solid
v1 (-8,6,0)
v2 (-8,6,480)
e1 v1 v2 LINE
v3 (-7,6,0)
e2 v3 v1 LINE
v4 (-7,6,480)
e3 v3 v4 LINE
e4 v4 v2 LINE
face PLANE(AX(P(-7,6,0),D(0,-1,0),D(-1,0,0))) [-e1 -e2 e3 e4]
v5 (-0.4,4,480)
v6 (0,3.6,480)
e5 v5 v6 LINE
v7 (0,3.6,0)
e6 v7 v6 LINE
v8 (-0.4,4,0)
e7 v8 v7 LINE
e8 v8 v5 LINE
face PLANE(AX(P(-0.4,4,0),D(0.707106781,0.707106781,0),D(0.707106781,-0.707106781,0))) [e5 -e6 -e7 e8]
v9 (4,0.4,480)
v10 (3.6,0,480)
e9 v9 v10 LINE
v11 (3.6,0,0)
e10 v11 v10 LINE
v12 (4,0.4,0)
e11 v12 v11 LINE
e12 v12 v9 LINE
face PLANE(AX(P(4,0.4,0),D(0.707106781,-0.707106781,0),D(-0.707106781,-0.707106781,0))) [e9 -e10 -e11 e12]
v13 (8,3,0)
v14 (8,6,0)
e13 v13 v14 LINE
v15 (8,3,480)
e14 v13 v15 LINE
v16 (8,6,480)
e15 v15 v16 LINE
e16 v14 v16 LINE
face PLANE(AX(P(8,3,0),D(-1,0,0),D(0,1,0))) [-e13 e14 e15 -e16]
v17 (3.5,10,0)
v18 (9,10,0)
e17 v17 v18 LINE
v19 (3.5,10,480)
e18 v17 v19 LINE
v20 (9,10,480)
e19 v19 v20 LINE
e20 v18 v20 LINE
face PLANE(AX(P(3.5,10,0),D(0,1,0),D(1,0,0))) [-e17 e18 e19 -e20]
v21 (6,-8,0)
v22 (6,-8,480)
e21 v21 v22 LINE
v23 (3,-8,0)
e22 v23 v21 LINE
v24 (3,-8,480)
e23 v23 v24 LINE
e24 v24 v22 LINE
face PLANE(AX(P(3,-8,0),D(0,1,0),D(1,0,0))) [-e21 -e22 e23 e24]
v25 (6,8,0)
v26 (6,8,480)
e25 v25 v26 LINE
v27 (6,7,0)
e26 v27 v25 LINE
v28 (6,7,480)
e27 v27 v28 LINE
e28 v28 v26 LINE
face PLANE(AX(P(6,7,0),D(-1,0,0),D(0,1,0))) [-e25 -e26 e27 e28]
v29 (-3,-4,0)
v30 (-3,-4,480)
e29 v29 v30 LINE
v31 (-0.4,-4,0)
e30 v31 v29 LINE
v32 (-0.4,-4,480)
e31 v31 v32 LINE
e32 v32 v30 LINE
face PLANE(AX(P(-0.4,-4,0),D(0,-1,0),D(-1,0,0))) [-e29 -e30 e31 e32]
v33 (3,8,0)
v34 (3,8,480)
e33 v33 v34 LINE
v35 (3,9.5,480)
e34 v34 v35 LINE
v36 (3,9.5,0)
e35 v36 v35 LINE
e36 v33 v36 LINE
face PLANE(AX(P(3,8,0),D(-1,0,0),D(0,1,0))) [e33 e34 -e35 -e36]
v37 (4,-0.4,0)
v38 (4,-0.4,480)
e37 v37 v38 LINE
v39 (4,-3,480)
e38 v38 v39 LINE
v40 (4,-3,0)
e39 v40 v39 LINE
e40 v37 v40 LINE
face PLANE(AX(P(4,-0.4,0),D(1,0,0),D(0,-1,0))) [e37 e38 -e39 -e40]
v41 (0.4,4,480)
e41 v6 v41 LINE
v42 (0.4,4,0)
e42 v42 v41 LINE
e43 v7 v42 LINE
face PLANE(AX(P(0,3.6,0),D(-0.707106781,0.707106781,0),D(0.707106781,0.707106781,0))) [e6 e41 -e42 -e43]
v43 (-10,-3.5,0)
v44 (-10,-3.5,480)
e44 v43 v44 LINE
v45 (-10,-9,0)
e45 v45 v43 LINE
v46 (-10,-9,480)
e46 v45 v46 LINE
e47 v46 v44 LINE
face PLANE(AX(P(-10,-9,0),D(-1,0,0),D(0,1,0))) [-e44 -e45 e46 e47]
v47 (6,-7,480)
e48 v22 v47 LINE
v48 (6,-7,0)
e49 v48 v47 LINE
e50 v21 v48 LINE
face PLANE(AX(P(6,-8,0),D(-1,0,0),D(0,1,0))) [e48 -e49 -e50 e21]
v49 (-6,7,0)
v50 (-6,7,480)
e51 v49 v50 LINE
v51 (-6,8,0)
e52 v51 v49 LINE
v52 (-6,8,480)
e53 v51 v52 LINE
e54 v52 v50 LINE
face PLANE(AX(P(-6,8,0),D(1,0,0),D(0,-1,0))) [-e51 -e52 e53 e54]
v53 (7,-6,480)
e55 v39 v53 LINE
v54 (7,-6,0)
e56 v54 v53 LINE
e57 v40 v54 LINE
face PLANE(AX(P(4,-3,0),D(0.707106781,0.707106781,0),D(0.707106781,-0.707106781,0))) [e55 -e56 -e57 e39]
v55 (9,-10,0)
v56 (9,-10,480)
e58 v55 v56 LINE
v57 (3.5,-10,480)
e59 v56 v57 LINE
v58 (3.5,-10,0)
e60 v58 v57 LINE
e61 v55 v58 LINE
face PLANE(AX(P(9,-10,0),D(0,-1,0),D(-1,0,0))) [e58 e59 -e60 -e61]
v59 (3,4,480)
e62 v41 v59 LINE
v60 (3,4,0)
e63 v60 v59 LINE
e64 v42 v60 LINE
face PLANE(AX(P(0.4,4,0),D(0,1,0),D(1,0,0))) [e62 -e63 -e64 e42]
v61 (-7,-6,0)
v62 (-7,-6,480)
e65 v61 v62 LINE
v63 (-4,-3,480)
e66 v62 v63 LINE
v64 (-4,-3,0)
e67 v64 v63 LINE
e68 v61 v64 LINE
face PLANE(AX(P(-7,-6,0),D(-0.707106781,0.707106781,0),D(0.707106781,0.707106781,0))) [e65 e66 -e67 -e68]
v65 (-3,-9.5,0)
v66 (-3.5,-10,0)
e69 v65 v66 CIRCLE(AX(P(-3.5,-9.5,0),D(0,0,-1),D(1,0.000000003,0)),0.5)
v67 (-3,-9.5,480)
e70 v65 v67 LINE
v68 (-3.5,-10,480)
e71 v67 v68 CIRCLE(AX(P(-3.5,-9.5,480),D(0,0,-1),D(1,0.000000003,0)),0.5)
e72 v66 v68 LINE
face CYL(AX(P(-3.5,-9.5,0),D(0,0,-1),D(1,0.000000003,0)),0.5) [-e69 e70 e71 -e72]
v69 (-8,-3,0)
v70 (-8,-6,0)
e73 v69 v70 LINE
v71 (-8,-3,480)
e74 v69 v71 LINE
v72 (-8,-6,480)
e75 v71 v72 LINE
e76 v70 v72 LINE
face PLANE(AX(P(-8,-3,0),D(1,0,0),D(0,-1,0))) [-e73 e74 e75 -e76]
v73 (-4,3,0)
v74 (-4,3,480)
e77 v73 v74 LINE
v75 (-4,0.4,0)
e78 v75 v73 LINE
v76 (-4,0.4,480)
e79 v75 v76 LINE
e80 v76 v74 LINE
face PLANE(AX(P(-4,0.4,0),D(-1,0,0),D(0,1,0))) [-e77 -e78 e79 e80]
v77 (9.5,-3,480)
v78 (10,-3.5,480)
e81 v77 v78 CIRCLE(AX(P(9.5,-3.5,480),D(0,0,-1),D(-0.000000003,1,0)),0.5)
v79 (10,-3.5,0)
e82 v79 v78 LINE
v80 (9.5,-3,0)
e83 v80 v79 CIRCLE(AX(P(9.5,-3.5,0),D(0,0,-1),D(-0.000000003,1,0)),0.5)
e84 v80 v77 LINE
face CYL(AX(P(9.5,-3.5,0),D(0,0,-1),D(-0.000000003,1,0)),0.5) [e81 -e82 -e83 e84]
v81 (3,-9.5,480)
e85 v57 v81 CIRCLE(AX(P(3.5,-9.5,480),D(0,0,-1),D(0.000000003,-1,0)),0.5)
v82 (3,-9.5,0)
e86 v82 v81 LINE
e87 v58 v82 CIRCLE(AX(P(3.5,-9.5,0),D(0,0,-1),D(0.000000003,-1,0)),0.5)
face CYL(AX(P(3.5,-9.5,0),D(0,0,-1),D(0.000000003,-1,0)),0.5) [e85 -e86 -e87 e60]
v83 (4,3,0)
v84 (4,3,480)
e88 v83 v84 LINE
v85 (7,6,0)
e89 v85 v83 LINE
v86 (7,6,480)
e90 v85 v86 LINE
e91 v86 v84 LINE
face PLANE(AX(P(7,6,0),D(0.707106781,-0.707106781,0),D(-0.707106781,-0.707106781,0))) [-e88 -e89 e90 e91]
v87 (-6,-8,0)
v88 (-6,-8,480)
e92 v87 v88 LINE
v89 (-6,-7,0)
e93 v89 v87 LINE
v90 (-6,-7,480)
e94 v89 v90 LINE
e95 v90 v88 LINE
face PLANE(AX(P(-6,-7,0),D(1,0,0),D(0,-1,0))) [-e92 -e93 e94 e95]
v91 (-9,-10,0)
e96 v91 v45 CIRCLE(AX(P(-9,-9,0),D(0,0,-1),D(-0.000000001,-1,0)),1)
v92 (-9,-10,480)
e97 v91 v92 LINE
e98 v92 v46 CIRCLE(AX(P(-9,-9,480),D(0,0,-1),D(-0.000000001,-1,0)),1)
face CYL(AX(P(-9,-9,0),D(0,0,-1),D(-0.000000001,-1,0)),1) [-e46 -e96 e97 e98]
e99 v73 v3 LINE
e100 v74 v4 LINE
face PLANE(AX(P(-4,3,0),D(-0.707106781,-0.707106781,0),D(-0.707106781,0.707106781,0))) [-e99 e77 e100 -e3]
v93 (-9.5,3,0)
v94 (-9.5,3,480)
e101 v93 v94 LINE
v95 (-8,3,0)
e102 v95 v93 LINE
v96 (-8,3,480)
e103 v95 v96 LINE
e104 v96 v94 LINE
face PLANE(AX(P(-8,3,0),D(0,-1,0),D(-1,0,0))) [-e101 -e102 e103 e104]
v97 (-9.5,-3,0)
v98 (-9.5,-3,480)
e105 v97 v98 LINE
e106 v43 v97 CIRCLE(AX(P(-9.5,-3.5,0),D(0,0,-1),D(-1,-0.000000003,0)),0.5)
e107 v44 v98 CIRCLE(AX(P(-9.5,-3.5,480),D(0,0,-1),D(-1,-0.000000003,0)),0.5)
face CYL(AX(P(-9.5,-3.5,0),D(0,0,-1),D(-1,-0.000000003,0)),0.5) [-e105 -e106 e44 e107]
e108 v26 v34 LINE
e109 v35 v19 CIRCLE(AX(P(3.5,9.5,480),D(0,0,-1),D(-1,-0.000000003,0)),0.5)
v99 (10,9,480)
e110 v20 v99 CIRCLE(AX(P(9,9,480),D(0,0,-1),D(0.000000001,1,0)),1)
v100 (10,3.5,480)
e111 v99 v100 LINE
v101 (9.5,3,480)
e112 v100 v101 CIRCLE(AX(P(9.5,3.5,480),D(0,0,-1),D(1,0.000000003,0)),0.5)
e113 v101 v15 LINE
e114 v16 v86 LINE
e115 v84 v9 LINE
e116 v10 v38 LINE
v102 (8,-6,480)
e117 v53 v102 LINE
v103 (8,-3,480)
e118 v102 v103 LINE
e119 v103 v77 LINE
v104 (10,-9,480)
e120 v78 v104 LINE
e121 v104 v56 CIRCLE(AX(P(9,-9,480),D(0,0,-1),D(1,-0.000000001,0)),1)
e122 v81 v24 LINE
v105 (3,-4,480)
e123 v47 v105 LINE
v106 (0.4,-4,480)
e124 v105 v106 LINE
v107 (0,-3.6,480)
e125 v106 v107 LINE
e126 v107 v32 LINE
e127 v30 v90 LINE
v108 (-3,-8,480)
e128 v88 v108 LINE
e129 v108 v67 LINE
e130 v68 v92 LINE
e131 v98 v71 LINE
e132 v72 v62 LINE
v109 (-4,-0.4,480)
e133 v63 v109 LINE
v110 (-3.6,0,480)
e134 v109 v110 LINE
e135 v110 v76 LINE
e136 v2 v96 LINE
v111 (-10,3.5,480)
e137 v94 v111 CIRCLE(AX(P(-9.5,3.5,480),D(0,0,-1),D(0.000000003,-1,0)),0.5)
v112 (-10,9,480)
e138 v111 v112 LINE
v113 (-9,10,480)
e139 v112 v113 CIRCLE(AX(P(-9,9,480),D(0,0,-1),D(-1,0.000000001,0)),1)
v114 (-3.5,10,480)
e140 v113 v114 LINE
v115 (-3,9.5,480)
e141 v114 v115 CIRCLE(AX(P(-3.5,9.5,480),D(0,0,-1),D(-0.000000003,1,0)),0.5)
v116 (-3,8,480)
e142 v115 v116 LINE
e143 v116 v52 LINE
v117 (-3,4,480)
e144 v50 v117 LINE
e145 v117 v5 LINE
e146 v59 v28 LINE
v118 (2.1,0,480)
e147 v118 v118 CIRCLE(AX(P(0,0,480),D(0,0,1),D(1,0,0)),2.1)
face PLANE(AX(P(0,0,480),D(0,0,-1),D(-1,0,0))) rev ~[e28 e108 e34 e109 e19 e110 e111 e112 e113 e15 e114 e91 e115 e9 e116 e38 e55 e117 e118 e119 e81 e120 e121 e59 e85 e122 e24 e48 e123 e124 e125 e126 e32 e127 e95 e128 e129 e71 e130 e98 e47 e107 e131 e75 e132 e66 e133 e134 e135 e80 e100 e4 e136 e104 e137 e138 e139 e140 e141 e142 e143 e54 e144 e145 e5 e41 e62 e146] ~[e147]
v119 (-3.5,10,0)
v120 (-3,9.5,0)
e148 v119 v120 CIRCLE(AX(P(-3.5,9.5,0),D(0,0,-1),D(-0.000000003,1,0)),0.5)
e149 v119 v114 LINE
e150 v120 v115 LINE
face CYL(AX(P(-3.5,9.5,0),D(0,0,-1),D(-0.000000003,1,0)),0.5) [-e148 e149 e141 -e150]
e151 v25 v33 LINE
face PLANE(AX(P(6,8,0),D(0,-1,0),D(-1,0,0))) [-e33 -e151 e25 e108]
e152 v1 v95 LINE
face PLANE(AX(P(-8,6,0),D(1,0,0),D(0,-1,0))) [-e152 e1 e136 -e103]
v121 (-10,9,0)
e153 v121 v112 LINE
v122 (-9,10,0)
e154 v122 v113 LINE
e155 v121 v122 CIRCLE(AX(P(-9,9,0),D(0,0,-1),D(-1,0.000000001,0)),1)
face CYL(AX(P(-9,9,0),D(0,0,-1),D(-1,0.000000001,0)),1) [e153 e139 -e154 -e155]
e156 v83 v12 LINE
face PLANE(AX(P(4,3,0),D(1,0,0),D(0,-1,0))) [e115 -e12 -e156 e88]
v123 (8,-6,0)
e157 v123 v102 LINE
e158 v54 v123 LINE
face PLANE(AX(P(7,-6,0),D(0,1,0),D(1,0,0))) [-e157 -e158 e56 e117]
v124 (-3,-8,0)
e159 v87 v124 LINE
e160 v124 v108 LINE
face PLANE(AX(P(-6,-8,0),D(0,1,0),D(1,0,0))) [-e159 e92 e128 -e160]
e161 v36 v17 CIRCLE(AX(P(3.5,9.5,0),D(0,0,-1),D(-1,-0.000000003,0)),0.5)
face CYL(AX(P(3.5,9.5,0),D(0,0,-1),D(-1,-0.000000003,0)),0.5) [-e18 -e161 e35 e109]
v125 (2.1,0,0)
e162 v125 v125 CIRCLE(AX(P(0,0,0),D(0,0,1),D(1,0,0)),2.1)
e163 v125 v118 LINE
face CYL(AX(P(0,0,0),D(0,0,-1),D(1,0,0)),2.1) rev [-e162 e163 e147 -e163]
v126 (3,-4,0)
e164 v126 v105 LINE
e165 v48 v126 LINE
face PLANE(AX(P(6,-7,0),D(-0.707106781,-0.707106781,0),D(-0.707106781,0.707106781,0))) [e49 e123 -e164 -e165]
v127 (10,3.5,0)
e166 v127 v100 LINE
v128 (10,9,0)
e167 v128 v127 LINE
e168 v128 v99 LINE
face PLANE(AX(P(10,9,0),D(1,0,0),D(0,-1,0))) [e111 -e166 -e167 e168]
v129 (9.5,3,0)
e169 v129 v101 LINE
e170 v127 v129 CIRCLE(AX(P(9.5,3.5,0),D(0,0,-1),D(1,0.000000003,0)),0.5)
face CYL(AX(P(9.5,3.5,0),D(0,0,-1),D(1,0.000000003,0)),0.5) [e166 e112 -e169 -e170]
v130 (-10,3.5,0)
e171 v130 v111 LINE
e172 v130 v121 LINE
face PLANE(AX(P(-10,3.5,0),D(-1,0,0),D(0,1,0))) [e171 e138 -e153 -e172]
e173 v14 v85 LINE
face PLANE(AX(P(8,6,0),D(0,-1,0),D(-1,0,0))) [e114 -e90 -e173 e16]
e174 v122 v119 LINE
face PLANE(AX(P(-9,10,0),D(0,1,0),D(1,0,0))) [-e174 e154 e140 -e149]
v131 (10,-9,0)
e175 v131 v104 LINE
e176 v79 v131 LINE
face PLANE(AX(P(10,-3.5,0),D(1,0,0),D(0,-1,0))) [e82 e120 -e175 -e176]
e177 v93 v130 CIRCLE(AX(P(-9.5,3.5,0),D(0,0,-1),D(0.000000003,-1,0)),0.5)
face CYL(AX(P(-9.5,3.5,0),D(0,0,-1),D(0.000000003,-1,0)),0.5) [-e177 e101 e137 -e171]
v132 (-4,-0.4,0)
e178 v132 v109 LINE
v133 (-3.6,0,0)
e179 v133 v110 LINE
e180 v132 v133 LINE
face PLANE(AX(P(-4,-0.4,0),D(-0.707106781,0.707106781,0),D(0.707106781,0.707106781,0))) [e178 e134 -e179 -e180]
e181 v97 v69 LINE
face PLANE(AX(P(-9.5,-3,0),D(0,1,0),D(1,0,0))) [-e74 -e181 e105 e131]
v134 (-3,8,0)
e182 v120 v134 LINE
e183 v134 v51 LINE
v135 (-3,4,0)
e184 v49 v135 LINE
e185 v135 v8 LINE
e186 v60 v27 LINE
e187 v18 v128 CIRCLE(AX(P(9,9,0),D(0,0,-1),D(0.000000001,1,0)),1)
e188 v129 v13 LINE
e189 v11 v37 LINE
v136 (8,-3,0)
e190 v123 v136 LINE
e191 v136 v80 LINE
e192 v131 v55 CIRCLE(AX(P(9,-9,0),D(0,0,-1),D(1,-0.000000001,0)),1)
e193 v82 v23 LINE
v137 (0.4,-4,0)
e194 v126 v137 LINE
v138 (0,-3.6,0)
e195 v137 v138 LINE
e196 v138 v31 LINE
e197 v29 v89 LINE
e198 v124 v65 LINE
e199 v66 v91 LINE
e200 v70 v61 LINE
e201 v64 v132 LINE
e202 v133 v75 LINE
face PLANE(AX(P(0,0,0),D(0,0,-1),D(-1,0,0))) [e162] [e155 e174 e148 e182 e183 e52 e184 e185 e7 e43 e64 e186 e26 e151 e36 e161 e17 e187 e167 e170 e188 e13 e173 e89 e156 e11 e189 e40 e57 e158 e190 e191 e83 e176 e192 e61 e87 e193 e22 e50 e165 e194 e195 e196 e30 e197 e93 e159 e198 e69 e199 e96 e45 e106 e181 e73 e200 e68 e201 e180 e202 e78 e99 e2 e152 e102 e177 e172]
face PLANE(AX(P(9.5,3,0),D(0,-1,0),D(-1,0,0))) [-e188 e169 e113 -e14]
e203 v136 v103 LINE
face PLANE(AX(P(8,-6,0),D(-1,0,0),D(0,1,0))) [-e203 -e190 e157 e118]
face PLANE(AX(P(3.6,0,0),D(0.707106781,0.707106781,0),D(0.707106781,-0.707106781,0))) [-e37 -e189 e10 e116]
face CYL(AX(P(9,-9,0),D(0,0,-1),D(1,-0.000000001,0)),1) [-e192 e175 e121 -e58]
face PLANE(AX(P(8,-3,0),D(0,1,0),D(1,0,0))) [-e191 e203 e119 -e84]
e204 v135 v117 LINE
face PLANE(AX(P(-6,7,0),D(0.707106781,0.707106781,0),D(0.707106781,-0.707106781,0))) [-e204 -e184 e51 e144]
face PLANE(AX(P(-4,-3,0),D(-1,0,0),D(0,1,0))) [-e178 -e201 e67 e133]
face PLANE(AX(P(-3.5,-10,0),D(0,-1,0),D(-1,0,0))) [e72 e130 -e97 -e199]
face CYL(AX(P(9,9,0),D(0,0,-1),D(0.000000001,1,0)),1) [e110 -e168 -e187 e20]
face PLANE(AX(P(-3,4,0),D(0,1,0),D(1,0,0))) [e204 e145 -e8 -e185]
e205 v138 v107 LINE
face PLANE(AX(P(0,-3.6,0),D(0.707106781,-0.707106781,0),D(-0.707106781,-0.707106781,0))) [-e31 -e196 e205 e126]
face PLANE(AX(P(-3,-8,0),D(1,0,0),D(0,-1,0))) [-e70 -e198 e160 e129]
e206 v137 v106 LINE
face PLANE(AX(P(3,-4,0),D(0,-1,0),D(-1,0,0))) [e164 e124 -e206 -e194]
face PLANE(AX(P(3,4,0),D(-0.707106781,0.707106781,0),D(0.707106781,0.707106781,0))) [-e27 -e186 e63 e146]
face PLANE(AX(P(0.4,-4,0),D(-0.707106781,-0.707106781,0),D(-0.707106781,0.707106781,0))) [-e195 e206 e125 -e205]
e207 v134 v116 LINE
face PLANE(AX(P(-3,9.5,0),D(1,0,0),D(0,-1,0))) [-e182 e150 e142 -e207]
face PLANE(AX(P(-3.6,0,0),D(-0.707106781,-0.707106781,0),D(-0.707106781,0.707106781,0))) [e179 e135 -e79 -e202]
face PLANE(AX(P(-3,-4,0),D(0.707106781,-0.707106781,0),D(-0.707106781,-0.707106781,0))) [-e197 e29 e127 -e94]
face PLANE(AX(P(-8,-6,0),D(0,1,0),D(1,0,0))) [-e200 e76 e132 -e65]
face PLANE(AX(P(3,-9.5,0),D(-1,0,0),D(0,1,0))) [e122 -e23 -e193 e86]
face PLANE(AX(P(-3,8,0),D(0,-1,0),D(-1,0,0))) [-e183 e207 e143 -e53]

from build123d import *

# Parameters (mm, degrees)
SCHIZZO1_R                   = 2.1
ESTRUSIONE_ESTRUSIONE1_DEPTH = 480


with BuildPart() as part:
    # Schizzo1 → Estrusione-Estrusione1 (new body)
    with BuildSketch(Plane.XY):
        with BuildLine():
            Line((-3.6, 0), (-4, 0.4))
            Line((-4, 0.4), (-4, 3))
            Line((-4, 3), (-7, 6))
            Line((-7, 6), (-8, 6))
            Line((-8, 6), (-8, 3))
            Line((-8, 3), (-9.5, 3))
            ThreePointArc((-9.5, 3), (-9.853553391, 3.146446609), (-10, 3.5))
            Line((-10, 3.5), (-10, 9))
            ThreePointArc((-10, 9), (-9.707106781, 9.707106781), (-9, 10))
            Line((-9, 10), (-3.5, 10))
            ThreePointArc((-3.5, 10), (-3.146446609, 9.853553391), (-3, 9.5))
            Line((-3, 9.5), (-3, 8))
            Line((-3, 8), (-6, 8))
            Line((-6, 8), (-6, 7))
            Line((-6, 7), (-3, 4))
            Line((-3, 4), (-0.4, 4))
            Line((-0.4, 4), (0, 3.6))
            Line((0, 3.6), (0.4, 4))
            Line((0.4, 4), (3, 4))
            Line((3, 4), (6, 7))
            Line((6, 7), (6, 8))
            Line((6, 8), (3, 8))
            Line((3, 8), (3, 9.5))
            ThreePointArc((3, 9.5), (3.146446609, 9.853553391), (3.5, 10))
            Line((3.5, 10), (9, 10))
            ThreePointArc((9, 10), (9.707106781, 9.707106781), (10, 9))
            Line((10, 9), (10, 3.5))
            ThreePointArc((10, 3.5), (9.853553391, 3.146446609), (9.5, 3))
            Line((9.5, 3), (8, 3))
            Line((8, 3), (8, 6))
            Line((8, 6), (7, 6))
            Line((7, 6), (4, 3))
            Line((4, 3), (4, 0.4))
            Line((4, 0.4), (3.6, 0))
            Line((3.6, 0), (4, -0.4))
            Line((4, -0.4), (4, -3))
            Line((4, -3), (7, -6))
            Line((7, -6), (8, -6))
            Line((8, -6), (8, -3))
            Line((8, -3), (9.5, -3))
            ThreePointArc((9.5, -3), (9.853553391, -3.146446609), (10, -3.5))
            Line((10, -3.5), (10, -9))
            ThreePointArc((10, -9), (9.707106781, -9.707106781), (9, -10))
            Line((9, -10), (3.5, -10))
            ThreePointArc((3.5, -10), (3.146446609, -9.853553391), (3, -9.5))
            Line((3, -9.5), (3, -8))
            Line((3, -8), (6, -8))
            Line((6, -8), (6, -7))
            Line((6, -7), (3, -4))
            Line((3, -4), (0.4, -4))
            Line((0.4, -4), (0, -3.6))
            Line((0, -3.6), (-0.4, -4))
            Line((-0.4, -4), (-3, -4))
            Line((-3, -4), (-6, -7))
            Line((-6, -7), (-6, -8))
            Line((-6, -8), (-3, -8))
            Line((-3, -8), (-3, -9.5))
            ThreePointArc((-3, -9.5), (-3.146446609, -9.853553391), (-3.5, -10))
            Line((-3.5, -10), (-9, -10))
            ThreePointArc((-9, -10), (-9.707106781, -9.707106781), (-10, -9))
            Line((-10, -9), (-10, -3.5))
            ThreePointArc((-10, -3.5), (-9.853553391, -3.146446609), (-9.5, -3))
            Line((-9.5, -3), (-8, -3))
            Line((-8, -3), (-8, -6))
            Line((-8, -6), (-7, -6))
            Line((-7, -6), (-4, -3))
            Line((-4, -3), (-4, -0.4))
            Line((-4, -0.4), (-3.6, 0))
        make_face()
        Circle(SCHIZZO1_R, mode=Mode.SUBTRACT)
    extrude(amount=ESTRUSIONE_ESTRUSIONE1_DEPTH)


solid = part.part
